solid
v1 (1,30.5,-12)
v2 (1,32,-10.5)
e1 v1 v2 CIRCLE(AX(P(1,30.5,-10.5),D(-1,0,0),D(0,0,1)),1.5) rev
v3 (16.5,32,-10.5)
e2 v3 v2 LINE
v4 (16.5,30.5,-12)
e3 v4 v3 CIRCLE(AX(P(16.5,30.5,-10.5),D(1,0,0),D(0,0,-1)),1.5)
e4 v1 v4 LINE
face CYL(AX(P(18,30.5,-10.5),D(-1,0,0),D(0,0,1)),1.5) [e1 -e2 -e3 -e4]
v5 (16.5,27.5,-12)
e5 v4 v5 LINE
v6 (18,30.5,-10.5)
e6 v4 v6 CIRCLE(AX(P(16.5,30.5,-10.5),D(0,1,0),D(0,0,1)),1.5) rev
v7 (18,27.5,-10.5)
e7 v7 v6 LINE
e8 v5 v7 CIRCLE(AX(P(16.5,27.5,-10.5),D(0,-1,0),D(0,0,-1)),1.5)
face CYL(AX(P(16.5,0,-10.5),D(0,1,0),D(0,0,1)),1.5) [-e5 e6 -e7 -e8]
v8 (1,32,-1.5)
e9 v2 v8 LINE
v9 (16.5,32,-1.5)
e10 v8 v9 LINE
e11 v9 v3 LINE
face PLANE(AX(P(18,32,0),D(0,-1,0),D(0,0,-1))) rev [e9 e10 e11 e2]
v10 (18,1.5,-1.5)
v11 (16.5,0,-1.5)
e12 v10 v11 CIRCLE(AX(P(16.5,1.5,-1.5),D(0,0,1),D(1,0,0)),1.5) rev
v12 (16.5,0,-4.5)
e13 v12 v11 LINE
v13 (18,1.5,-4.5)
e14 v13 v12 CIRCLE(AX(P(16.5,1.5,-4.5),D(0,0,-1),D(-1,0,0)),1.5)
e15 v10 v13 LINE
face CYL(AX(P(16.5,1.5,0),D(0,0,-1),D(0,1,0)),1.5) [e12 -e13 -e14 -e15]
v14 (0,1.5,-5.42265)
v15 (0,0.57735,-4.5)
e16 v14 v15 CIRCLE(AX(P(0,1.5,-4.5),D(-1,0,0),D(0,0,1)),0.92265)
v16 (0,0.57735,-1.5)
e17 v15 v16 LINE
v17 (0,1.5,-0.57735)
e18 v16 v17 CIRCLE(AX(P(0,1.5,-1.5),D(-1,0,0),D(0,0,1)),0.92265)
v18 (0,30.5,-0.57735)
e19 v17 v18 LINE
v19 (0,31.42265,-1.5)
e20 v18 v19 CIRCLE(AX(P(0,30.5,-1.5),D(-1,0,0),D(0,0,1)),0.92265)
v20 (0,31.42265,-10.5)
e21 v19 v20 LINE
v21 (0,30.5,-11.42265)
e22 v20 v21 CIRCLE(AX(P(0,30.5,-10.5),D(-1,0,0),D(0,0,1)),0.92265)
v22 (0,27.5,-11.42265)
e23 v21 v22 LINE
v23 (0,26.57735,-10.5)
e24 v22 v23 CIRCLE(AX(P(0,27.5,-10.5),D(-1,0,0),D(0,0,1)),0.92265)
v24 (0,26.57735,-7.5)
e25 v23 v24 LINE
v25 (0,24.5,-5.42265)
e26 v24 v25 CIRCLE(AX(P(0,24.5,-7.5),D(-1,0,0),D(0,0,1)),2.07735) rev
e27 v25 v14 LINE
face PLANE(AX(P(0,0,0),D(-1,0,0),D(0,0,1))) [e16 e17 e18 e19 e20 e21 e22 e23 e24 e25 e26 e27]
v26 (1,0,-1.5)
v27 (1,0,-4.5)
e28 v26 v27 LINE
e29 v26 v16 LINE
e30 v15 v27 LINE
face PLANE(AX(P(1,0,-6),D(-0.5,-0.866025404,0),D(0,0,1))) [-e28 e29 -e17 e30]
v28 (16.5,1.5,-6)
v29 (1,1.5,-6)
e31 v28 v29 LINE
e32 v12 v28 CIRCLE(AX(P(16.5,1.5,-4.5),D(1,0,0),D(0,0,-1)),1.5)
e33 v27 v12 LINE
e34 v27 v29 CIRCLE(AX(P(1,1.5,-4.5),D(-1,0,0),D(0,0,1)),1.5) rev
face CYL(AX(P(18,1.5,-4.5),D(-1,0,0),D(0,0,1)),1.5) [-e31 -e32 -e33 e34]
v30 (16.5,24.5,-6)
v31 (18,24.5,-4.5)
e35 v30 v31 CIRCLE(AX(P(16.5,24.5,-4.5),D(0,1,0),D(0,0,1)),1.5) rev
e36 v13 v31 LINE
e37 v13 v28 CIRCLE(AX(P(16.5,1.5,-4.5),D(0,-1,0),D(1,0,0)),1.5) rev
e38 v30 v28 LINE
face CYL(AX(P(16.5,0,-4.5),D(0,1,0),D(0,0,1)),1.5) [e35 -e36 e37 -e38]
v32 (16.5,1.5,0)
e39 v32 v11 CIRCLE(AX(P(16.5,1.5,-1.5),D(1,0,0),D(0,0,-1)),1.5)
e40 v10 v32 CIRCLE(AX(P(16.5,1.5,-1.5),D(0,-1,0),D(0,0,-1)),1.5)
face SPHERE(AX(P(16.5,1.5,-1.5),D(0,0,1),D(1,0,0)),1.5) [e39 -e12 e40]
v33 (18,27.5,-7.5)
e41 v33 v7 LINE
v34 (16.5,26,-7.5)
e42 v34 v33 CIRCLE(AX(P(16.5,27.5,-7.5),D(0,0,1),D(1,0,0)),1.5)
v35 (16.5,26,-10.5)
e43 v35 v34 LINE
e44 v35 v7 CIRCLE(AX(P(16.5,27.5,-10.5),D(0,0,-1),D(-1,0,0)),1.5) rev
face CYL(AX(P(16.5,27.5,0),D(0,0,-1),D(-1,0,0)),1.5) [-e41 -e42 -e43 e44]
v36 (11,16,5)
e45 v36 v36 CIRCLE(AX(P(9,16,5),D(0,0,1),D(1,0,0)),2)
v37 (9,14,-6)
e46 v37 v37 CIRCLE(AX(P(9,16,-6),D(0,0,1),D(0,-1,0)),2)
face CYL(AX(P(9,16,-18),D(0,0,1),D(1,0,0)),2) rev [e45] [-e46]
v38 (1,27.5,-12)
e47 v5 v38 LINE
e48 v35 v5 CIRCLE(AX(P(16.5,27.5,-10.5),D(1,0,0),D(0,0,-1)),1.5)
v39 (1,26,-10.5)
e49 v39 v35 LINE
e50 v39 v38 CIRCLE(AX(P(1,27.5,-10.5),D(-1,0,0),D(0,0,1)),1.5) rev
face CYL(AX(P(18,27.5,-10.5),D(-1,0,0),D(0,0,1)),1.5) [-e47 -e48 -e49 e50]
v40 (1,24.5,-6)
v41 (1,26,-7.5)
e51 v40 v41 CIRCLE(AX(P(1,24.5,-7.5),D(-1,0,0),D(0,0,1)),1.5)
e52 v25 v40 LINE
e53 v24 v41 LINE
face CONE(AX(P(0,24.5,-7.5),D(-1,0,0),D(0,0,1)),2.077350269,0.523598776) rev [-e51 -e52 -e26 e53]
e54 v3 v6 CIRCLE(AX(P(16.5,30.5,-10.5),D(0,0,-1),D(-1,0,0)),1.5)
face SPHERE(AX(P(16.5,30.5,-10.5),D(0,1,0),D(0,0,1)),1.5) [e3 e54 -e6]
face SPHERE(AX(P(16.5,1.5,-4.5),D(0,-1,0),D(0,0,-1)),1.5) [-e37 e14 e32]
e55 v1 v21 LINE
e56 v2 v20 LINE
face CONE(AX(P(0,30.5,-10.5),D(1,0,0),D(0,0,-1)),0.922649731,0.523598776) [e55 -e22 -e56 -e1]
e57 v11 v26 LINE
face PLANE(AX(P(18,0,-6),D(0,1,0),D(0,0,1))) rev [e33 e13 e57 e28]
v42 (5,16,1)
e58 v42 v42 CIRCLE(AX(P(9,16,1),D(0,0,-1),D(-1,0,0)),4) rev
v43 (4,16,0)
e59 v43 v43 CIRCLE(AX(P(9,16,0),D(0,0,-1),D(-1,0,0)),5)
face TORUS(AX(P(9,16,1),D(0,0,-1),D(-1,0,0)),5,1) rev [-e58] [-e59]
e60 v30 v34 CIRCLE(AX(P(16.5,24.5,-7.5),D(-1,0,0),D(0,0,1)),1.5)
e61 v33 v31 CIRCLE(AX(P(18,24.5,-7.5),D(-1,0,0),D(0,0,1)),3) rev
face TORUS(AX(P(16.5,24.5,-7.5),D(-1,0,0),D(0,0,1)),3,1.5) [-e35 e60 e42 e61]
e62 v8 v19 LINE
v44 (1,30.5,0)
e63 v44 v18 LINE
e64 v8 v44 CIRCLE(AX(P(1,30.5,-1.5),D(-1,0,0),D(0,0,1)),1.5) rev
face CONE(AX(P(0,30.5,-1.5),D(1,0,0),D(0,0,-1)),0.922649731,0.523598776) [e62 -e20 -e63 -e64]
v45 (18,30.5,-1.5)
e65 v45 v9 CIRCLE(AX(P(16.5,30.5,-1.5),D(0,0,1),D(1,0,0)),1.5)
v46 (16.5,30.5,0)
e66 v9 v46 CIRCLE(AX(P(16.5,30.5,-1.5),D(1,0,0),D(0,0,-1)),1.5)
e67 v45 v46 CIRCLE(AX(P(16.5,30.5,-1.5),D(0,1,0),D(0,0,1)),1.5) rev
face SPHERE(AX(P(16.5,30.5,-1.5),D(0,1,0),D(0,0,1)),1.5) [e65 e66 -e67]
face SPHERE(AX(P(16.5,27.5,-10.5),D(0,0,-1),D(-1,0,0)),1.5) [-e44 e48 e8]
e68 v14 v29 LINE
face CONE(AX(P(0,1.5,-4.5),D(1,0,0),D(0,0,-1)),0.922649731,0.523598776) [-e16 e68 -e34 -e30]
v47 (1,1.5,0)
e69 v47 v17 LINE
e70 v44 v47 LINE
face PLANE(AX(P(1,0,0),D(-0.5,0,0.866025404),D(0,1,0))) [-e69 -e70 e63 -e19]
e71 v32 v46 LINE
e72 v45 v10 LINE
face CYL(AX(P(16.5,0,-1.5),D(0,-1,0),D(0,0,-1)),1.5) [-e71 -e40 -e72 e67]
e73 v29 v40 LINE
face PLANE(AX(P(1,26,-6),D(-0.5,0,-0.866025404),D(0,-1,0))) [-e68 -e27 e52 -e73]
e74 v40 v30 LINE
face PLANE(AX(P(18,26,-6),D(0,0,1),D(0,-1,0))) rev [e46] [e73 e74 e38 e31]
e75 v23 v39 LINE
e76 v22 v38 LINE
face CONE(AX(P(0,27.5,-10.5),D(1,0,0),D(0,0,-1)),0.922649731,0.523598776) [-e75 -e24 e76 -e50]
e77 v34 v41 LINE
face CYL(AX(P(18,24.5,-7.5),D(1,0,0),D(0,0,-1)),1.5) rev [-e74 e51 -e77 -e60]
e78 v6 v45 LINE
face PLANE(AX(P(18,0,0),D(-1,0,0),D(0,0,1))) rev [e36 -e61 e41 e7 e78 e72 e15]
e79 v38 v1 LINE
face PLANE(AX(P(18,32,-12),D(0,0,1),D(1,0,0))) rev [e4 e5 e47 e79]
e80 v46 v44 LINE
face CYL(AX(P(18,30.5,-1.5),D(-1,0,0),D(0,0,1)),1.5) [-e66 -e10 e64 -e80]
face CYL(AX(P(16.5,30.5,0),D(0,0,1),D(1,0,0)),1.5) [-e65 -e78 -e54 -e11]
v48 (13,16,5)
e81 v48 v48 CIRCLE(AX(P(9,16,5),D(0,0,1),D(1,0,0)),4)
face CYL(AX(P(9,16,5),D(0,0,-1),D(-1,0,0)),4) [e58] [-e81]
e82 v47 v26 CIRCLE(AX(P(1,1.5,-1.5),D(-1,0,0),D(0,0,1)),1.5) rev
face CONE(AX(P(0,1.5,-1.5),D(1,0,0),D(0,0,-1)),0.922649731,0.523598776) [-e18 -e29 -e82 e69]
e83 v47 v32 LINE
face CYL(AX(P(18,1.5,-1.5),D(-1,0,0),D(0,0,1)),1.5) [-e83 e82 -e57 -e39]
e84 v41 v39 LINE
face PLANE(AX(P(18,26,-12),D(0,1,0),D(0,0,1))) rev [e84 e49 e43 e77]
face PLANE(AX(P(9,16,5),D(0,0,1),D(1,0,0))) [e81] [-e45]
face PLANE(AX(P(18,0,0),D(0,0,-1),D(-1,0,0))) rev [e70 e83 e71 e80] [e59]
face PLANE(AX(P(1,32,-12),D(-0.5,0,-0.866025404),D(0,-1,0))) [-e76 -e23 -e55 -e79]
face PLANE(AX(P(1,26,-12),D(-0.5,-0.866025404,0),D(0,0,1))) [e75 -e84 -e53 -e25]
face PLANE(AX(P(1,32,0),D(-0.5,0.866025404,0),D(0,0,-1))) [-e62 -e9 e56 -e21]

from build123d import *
from OCP.BRepFilletAPI import BRepFilletAPI_MakeChamfer

# Parameters (mm, degrees)
BOSS_EXTRUDE1_DEPTH = 18
SKETCH3_R           = 2
CUT_EXTRUDE1_DEPTH  = 18
FILLET1_R           = 1.5
CHAMFER1_SIZE       = 1
CHAMFER1_SIZE2      = 0.577350269
BOSS_EXTRUDE2_START = 5
SKETCH4_R           = 4
SKETCH4_R_2         = 2
BOSS_EXTRUDE2_DEPTH = 5
FILLET3_R           = 1


with BuildPart() as part:
    # Sketch2 → Boss-Extrude1 (new body)
    with BuildSketch(Plane(origin=(0, 0, 0), x_dir=(0, 0, -1), z_dir=(1, 0, 0))):
        Polygon((0, 0), (0, 32), (12, 32), (12, 26), (6, 26), (6, 0), align=None)
    extrude(amount=BOSS_EXTRUDE1_DEPTH)

    # Sketch3 → Cut-Extrude1 (cut)
    with BuildSketch(Plane.XY):
        with Locations((9, 16)):
            Circle(SKETCH3_R)
    extrude(amount=-CUT_EXTRUDE1_DEPTH, mode=Mode.SUBTRACT)

    # Fillet1
    fillet1_edges = [part.edges().sort_by_distance(p)[0] for p in [
        (9, 0, 0),
        (9, 32, 0),
        (9, 32, -12),
        (9, 26, -12),
        (9, 26, -6),
        (9, 0, -6),
        (18, 26, -9),
        (18, 29, -12),
        (18, 32, -6),
        (18, 16, 0),
        (18, 0, -3),
        (18, 13, -6),
    ]]
    fillet(fillet1_edges, radius=FILLET1_R)

    # Chamfer1: one chamfer whose edges measure the first distance from different faces: ONE call of the kernel's chamfer builder (chamfer() names one face for all edges)
    chamfer1_edges_1 = [part.edges().sort_by_distance(p)[0] for p in [
        (0, 13, -6),
    ]]
    chamfer1_side_1 = [part.faces().sort_by_distance(p)[0] for p in [
        (8.224314761, 12.897259044, -6),
    ]]
    chamfer1_edges_2 = [part.edges().sort_by_distance(p)[0] for p in [
        (0, 16, 0),
    ]]
    chamfer1_side_2 = [part.faces().sort_by_distance(p)[0] for p in [
        (0.333654012, 16, 0),
    ]]
    chamfer1_edges_3 = [part.edges().sort_by_distance(p)[0] for p in [
        (0, 0, -3),
    ]]
    chamfer1_side_3 = [part.faces().sort_by_distance(p)[0] for p in [
        (8.25, 0, -3),
    ]]
    chamfer1_edges_4 = [part.edges().sort_by_distance(p)[0] for p in [
        (0, 32, -6),
    ]]
    chamfer1_side_4 = [part.faces().sort_by_distance(p)[0] for p in [
        (8.25, 32, -6),
    ]]
    chamfer1_edges_5 = [part.edges().sort_by_distance(p)[0] for p in [
        (0, 29, -12),
    ]]
    chamfer1_side_5 = [part.faces().sort_by_distance(p)[0] for p in [
        (8.25, 29, -12),
    ]]
    chamfer1_edges_6 = [part.edges().sort_by_distance(p)[0] for p in [
        (0, 26, -9),
    ]]
    chamfer1_side_6 = [part.faces().sort_by_distance(p)[0] for p in [
        (8.25, 26, -9),
    ]]
    chamfer1_edges_7 = [part.edges().sort_by_distance(p)[0] for p in [
        (0, 31.560660172, -11.560660172),
    ]]
    chamfer1_side_7 = [part.faces().sort_by_distance(p)[0] for p in [
        (8.25, 31.560660172, -11.560660172),
    ]]
    chamfer1_edges_8 = [part.edges().sort_by_distance(p)[0] for p in [
        (0, 26.439339828, -11.560660172),
    ]]
    chamfer1_side_8 = [part.faces().sort_by_distance(p)[0] for p in [
        (8.25, 26.439339828, -11.560660172),
    ]]
    chamfer1_edges_9 = [part.edges().sort_by_distance(p)[0] for p in [
        (0, 0.439339828, -0.439339828),
    ]]
    chamfer1_side_9 = [part.faces().sort_by_distance(p)[0] for p in [
        (8.25, 0.439339828, -0.439339828),
    ]]
    chamfer1_edges_10 = [part.edges().sort_by_distance(p)[0] for p in [
        (0, 0.439339828, -5.560660172),
    ]]
    chamfer1_side_10 = [part.faces().sort_by_distance(p)[0] for p in [
        (8.25, 0.439339828, -5.560660172),
    ]]
    chamfer1_edges_11 = [part.edges().sort_by_distance(p)[0] for p in [
        (0, 31.560660172, -0.439339828),
    ]]
    chamfer1_side_11 = [part.faces().sort_by_distance(p)[0] for p in [
        (8.25, 31.560660172, -0.439339828),
    ]]
    chamfer1_edges_12 = [part.edges().sort_by_distance(p)[0] for p in [
        (0, 25.560660172, -6.439339828),
    ]]
    chamfer1_side_12 = [part.faces().sort_by_distance(p)[0] for p in [
        (8.25, 25.560660172, -6.439339828),
    ]]
    chamfer1 = BRepFilletAPI_MakeChamfer(part.part.solid().wrapped)
    for e in chamfer1_edges_1:
        chamfer1.Add(CHAMFER1_SIZE, CHAMFER1_SIZE2, e.wrapped, chamfer1_side_1[0].wrapped)  # the first distance lies on this face
    for e in chamfer1_edges_2:
        chamfer1.Add(CHAMFER1_SIZE, CHAMFER1_SIZE2, e.wrapped, chamfer1_side_2[0].wrapped)  # the first distance lies on this face
    for e in chamfer1_edges_3:
        chamfer1.Add(CHAMFER1_SIZE, CHAMFER1_SIZE2, e.wrapped, chamfer1_side_3[0].wrapped)  # the first distance lies on this face
    for e in chamfer1_edges_4:
        chamfer1.Add(CHAMFER1_SIZE, CHAMFER1_SIZE2, e.wrapped, chamfer1_side_4[0].wrapped)  # the first distance lies on this face
    for e in chamfer1_edges_5:
        chamfer1.Add(CHAMFER1_SIZE, CHAMFER1_SIZE2, e.wrapped, chamfer1_side_5[0].wrapped)  # the first distance lies on this face
    for e in chamfer1_edges_6:
        chamfer1.Add(CHAMFER1_SIZE, CHAMFER1_SIZE2, e.wrapped, chamfer1_side_6[0].wrapped)  # the first distance lies on this face
    for e in chamfer1_edges_7:
        chamfer1.Add(CHAMFER1_SIZE, CHAMFER1_SIZE2, e.wrapped, chamfer1_side_7[0].wrapped)  # the first distance lies on this face
    for e in chamfer1_edges_8:
        chamfer1.Add(CHAMFER1_SIZE, CHAMFER1_SIZE2, e.wrapped, chamfer1_side_8[0].wrapped)  # the first distance lies on this face
    for e in chamfer1_edges_9:
        chamfer1.Add(CHAMFER1_SIZE, CHAMFER1_SIZE2, e.wrapped, chamfer1_side_9[0].wrapped)  # the first distance lies on this face
    for e in chamfer1_edges_10:
        chamfer1.Add(CHAMFER1_SIZE, CHAMFER1_SIZE2, e.wrapped, chamfer1_side_10[0].wrapped)  # the first distance lies on this face
    for e in chamfer1_edges_11:
        chamfer1.Add(CHAMFER1_SIZE, CHAMFER1_SIZE2, e.wrapped, chamfer1_side_11[0].wrapped)  # the first distance lies on this face
    for e in chamfer1_edges_12:
        chamfer1.Add(CHAMFER1_SIZE, CHAMFER1_SIZE2, e.wrapped, chamfer1_side_12[0].wrapped)  # the first distance lies on this face
    add(Compound.cast(chamfer1.Shape()), mode=Mode.REPLACE)

    # Sketch4 → Boss-Extrude2 (add)
    with BuildSketch(Plane.XY.offset(BOSS_EXTRUDE2_START)):
        with Locations(Location((9, 16, 0), (0, 0, 180))):
            Circle(SKETCH4_R)
        with Locations((9, 16)):
            Circle(SKETCH4_R_2, mode=Mode.SUBTRACT)
    extrude(amount=-BOSS_EXTRUDE2_DEPTH)

    # Fillet3
    fillet3_edges = [part.edges().sort_by_distance(p)[0] for p in [
        (13, 16, 0),
    ]]
    fillet(fillet3_edges, radius=FILLET3_R)


solid = part.part
